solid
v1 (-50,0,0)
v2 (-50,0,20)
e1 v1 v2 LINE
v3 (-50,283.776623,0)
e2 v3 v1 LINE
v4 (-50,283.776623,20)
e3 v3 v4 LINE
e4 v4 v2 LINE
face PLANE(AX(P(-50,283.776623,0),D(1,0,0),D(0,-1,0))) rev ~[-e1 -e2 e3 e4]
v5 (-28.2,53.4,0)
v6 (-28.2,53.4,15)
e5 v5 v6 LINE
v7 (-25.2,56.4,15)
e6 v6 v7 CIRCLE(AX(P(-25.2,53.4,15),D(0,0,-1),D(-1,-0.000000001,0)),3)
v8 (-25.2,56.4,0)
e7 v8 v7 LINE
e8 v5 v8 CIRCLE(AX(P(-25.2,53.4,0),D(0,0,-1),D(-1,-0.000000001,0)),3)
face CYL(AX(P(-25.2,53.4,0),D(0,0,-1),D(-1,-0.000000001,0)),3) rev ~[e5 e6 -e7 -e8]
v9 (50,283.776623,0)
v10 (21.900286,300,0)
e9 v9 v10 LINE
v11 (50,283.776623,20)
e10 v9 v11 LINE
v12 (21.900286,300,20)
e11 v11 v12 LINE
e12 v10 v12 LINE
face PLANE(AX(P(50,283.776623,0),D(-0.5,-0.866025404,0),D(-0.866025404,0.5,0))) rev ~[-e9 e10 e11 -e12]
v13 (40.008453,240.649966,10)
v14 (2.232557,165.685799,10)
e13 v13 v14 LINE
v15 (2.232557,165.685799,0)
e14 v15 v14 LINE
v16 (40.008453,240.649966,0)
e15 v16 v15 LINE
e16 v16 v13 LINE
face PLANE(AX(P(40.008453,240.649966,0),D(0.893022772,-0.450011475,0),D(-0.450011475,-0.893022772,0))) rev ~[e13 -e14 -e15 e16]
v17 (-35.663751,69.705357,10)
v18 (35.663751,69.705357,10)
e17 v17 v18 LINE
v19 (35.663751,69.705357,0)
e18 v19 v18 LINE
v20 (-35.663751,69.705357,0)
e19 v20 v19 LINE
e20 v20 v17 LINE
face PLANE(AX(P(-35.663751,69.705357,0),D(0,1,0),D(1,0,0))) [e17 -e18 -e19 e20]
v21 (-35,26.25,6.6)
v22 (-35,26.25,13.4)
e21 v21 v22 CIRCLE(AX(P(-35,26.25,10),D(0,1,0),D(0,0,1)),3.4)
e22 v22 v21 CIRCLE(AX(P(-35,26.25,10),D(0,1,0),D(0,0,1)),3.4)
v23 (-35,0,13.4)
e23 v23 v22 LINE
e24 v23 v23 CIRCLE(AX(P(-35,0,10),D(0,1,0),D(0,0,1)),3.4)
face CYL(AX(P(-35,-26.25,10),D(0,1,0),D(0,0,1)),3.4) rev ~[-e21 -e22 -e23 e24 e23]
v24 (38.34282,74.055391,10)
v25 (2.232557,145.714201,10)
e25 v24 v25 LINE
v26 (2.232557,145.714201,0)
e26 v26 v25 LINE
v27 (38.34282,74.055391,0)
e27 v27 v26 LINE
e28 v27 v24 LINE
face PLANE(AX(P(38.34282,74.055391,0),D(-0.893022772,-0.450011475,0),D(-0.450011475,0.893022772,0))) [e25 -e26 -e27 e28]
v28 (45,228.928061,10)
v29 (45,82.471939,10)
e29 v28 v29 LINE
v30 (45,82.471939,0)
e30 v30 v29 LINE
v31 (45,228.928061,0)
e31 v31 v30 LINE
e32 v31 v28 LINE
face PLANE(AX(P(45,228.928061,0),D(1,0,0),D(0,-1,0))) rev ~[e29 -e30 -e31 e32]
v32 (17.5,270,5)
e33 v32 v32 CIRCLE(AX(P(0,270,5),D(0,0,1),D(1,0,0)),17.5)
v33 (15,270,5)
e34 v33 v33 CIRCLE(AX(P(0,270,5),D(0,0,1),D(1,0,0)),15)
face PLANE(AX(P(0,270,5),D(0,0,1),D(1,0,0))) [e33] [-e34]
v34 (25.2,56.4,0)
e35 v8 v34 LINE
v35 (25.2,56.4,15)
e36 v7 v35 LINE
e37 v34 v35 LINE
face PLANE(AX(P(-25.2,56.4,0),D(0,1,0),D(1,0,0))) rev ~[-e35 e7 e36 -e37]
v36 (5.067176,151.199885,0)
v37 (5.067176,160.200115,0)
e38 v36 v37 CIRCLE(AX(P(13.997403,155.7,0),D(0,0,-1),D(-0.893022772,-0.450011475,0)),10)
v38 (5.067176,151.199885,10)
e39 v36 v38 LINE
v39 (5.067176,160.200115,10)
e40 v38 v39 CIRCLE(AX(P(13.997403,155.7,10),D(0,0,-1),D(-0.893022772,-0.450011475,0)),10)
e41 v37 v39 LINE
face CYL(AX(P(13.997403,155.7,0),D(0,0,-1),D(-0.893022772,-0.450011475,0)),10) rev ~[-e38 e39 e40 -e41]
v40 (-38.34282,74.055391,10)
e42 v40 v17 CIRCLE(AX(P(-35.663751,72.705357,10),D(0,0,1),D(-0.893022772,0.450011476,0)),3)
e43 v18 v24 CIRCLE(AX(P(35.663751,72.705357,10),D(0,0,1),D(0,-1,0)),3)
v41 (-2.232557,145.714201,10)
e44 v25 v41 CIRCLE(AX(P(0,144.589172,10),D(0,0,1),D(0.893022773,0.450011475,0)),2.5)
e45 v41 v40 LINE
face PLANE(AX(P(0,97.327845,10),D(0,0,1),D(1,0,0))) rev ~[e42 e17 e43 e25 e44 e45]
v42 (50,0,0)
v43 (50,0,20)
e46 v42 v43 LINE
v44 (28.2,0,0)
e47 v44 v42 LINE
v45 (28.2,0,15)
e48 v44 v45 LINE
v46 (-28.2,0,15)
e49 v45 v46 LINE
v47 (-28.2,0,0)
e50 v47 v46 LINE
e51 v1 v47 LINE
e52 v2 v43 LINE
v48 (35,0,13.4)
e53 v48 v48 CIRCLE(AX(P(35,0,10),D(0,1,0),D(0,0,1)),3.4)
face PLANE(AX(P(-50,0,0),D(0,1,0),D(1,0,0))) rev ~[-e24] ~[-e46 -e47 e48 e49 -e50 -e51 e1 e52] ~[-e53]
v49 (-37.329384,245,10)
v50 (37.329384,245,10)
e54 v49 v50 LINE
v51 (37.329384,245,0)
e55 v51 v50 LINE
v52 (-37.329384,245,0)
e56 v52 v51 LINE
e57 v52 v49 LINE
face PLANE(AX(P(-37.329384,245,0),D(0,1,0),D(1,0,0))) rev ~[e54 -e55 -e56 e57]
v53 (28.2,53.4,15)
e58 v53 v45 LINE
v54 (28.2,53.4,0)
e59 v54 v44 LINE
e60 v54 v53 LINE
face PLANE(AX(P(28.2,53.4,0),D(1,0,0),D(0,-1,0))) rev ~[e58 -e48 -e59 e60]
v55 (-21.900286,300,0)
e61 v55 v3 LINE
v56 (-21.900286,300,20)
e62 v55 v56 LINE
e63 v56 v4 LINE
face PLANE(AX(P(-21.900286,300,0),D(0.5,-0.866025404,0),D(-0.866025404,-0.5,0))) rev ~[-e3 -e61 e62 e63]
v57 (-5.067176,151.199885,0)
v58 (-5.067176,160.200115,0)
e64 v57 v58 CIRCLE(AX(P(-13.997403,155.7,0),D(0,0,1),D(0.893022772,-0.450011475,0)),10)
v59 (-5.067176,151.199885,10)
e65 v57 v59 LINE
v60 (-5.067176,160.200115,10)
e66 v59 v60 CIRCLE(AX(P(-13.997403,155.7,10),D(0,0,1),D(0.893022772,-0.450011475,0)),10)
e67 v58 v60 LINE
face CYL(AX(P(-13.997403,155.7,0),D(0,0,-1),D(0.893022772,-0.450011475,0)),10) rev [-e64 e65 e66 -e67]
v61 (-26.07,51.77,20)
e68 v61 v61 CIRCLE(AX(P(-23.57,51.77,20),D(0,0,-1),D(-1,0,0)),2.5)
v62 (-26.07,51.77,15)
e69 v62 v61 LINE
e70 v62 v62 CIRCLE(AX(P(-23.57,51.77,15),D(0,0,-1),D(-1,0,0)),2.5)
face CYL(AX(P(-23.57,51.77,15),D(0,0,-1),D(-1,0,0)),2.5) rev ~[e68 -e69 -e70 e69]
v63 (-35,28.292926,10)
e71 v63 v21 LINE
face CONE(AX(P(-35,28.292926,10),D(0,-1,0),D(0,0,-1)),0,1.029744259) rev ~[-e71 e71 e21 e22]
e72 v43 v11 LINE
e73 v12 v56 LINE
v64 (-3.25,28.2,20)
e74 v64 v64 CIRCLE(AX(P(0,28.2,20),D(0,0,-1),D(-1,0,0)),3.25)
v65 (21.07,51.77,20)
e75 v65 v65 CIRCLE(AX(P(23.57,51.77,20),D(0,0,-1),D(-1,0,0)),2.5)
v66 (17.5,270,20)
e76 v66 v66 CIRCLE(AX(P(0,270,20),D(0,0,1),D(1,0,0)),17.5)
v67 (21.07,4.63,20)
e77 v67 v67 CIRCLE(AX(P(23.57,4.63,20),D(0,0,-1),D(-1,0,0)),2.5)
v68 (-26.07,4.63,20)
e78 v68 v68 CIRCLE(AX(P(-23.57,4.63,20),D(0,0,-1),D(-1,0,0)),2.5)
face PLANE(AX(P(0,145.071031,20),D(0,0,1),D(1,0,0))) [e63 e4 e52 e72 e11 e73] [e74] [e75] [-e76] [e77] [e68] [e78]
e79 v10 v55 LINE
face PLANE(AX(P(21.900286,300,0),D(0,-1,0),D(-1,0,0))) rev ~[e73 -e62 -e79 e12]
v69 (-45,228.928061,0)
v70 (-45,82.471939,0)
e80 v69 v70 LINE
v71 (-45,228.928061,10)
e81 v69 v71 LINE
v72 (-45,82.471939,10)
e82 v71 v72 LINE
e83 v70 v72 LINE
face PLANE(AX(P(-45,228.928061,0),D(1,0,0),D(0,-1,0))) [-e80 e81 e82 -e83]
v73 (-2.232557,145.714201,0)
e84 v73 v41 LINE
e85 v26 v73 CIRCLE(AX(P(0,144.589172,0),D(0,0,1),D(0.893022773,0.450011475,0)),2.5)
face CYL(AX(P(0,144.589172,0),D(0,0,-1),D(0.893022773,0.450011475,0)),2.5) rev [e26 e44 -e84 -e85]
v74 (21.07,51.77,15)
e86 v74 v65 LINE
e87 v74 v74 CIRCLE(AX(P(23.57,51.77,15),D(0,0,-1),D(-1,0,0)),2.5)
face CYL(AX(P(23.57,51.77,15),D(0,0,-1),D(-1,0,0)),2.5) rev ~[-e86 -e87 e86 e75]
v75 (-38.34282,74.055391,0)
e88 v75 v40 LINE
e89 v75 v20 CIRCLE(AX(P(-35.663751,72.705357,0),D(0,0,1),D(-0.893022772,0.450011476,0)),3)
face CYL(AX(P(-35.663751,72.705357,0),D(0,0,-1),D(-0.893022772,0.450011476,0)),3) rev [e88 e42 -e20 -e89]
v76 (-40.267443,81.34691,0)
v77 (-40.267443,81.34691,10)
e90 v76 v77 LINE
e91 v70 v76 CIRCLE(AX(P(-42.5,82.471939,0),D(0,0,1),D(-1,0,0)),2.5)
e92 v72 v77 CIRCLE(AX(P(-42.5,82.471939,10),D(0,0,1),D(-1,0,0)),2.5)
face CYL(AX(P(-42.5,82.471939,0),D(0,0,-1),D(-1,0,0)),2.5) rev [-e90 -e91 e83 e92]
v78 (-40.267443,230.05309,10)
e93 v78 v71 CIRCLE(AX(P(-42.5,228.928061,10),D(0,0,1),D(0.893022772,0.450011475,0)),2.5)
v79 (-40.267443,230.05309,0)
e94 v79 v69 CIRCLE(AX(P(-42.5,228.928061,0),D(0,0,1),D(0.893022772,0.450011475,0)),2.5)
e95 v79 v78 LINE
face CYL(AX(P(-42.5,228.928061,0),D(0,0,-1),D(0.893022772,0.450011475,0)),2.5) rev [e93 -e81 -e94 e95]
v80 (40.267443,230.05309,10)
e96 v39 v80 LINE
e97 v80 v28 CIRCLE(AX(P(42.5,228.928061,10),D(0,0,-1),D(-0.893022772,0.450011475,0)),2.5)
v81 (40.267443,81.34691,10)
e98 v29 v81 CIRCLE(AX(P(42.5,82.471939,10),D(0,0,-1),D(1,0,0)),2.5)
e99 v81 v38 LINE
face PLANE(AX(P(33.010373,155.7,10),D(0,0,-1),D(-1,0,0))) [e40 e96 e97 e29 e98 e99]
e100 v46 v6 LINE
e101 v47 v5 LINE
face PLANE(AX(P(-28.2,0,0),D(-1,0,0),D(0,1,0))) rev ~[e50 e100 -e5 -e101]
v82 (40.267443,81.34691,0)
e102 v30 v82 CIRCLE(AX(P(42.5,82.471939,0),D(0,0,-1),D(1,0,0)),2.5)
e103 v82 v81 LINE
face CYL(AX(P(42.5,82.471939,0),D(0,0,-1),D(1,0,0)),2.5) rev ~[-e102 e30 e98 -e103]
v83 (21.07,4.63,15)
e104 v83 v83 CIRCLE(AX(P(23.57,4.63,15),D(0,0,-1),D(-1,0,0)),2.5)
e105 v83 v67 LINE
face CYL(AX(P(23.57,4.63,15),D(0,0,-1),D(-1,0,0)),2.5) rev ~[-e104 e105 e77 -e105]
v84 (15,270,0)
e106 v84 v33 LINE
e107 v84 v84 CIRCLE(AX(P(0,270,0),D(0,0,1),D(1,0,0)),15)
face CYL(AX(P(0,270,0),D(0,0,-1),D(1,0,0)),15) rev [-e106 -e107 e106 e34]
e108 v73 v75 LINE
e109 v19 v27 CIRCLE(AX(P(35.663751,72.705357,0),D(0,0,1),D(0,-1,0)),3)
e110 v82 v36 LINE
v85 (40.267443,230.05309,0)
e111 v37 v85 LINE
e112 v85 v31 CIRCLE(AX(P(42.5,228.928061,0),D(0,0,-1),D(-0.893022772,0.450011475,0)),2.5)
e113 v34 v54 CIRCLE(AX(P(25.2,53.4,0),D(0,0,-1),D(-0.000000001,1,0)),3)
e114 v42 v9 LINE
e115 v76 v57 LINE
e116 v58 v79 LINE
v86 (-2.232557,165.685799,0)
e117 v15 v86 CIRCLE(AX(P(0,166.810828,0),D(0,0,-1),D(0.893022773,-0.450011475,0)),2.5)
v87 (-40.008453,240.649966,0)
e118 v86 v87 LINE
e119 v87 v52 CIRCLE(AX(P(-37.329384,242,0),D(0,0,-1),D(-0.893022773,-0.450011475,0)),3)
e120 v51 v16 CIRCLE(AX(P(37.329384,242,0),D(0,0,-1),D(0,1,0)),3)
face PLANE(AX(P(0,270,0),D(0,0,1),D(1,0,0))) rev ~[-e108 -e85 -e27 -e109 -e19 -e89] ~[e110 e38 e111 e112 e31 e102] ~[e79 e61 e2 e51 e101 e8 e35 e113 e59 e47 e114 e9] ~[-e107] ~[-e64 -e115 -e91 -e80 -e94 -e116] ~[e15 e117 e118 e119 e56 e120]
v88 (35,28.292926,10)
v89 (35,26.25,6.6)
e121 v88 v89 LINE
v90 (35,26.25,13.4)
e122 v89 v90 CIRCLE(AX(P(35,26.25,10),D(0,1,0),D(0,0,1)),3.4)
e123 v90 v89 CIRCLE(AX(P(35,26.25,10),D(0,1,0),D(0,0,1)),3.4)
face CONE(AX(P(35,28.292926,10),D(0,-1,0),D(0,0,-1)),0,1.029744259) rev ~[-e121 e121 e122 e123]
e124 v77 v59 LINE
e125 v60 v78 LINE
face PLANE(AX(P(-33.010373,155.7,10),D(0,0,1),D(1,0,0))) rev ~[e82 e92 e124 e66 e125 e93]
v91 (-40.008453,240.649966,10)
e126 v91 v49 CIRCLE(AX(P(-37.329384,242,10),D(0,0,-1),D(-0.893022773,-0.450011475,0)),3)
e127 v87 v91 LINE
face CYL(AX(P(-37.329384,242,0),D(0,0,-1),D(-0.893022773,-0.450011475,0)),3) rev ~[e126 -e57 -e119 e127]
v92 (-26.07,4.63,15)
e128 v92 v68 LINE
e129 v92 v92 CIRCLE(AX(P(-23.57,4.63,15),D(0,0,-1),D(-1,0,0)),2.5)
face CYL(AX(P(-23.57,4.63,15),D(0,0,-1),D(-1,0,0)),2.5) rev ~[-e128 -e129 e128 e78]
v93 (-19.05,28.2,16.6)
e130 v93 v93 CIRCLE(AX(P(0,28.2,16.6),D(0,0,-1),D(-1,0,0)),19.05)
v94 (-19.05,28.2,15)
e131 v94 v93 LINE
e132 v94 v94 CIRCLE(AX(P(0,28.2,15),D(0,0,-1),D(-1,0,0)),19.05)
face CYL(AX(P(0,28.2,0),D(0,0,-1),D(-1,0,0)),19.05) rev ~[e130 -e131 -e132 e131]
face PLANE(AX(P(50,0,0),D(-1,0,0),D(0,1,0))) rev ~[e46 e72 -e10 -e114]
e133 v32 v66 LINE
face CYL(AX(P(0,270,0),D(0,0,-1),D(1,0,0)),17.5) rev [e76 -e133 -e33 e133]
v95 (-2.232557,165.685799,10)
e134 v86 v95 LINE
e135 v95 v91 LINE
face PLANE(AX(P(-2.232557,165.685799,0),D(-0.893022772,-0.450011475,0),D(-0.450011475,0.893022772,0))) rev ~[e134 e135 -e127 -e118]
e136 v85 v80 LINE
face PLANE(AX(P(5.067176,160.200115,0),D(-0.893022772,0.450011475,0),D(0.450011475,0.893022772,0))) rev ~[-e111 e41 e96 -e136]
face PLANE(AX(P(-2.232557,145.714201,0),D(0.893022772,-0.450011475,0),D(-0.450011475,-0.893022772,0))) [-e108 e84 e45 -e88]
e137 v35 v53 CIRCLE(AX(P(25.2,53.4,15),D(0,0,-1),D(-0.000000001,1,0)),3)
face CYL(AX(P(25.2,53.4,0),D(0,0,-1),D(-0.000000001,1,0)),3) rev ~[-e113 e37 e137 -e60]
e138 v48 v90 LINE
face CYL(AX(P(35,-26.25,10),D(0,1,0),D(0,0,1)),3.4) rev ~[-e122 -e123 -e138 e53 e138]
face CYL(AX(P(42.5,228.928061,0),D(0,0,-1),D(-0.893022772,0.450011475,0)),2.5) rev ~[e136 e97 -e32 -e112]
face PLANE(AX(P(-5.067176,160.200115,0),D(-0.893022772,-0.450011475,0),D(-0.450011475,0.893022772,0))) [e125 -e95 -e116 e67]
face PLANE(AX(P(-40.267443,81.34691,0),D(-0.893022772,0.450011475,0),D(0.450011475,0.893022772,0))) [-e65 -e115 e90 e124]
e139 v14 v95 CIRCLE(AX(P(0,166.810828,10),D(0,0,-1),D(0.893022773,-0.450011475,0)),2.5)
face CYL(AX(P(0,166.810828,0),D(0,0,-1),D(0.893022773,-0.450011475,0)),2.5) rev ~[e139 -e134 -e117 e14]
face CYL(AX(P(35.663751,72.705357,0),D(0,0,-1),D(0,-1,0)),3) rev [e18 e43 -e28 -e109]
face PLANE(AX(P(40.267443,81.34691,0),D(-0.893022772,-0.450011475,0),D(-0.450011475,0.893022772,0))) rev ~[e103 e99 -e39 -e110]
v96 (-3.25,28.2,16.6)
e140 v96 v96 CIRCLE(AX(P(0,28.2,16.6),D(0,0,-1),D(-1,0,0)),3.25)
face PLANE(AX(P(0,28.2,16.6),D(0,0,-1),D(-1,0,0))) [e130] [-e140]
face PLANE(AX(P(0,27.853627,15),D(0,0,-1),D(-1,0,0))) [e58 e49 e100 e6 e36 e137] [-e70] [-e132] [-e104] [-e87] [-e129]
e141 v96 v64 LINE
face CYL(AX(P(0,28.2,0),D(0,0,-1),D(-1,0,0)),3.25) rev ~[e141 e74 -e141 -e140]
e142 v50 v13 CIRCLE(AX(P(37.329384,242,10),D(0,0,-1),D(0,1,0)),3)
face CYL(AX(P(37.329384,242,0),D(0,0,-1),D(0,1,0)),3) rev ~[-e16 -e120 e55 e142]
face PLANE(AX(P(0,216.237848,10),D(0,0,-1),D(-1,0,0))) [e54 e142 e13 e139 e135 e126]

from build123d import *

# Parameters (mm, degrees)
SZKIC1_R                    = 17.5
DODANIE_WYCI_GNI_CIE1_DEPTH = 20
SZKIC1_3_R                  = 17.5
SZKIC1_3_R_2                = 15
DODANIE_WYCI_GNI_CIE2_DEPTH = 5
OTW_R_GWINTOWANY_M81_D      = 6.8
OTW_R_GWINTOWANY_M81_DEPTH  = 26.25
OTW_R_GWINTOWANY_M81_TIP    = 2.042926105
SZKIC4_R                    = 3.25
WYTNIJ_WYCI_GNI_CIE2_DEPTH  = 15
SZKIC4_4_R                  = 19.05
SZKIC4_4_R_2                = 3.25
WYTNIJ_WYCI_GNI_CIE3_DEPTH  = 16.6
SZKIC4_5_R                  = 3.25
WYTNIJ_WYCI_GNI_CIE4_DEPTH  = 49.6
SZKIC5_R                    = 2.5
WYTNIJ_WYCI_GNI_CIE5_DEPTH  = 7.6
WYTNIJ_WYCI_GNI_CIE6_DEPTH  = 10


with BuildPart() as part:
    # Szkic1 → Dodanie-wyciągnięcie1 (new body)
    with BuildSketch(Plane.XY):
        Polygon((-50, 0), (50, 0), (50, 283.776622614), (21.900286098, 300), (-21.900286098, 300), (-50, 283.776622614), align=None)
        with Locations((0, 270)):
            Circle(SZKIC1_R, mode=Mode.SUBTRACT)
    extrude(amount=DODANIE_WYCI_GNI_CIE1_DEPTH)

    # Szkic1<3> → Dodanie-wyciągnięcie2 (add)
    with BuildSketch(Plane.XY):
        with Locations((0, 270)):
            Circle(SZKIC1_3_R)
        with Locations((0, 270)):
            Circle(SZKIC1_3_R_2, mode=Mode.SUBTRACT)
    extrude(amount=DODANIE_WYCI_GNI_CIE2_DEPTH)

    # Otwór gwintowany M81
    with Locations(Plane(origin=(-35, 0, 10), x_dir=(0, 0, -1), z_dir=(0, -1, 0))):
        with Locations((0, 0), (0, 70)):
            Hole(OTW_R_GWINTOWANY_M81_D / 2, depth=OTW_R_GWINTOWANY_M81_DEPTH)
            with Locations((0, 0, -(OTW_R_GWINTOWANY_M81_DEPTH + OTW_R_GWINTOWANY_M81_TIP / 2))):  # 118° drill point
                Cone(0, OTW_R_GWINTOWANY_M81_D / 2, OTW_R_GWINTOWANY_M81_TIP, mode=Mode.SUBTRACT)

    # Szkic4 → Wytnij-wyciągnięcie2 (cut)
    with BuildSketch(Plane(origin=(0, 0, 0), x_dir=(-1, 0, 0), z_dir=(0, 0, -1))):
        with BuildLine():
            Line((-28.2, 53.4), (-28.2, 0))
            Line((-28.2, 0), (28.2, 0))
            Line((28.2, 0), (28.2, 53.4))
            ThreePointArc((28.2, 53.4), (27.321320344, 55.521320344), (25.2, 56.4))
            Line((25.2, 56.4), (-25.2, 56.4))
            ThreePointArc((-25.2, 56.4), (-27.321320344, 55.521320344), (-28.2, 53.4))
        make_face()
        with Locations((0, 28.2)):
            Circle(SZKIC4_R, mode=Mode.SUBTRACT)
    extrude(amount=-WYTNIJ_WYCI_GNI_CIE2_DEPTH, mode=Mode.SUBTRACT)

    # Szkic4<4> → Wytnij-wyciągnięcie3 (cut)
    with BuildSketch(Plane(origin=(0, 0, 0), x_dir=(-1, 0, 0), z_dir=(0, 0, -1))):
        with Locations((0, 28.2)):
            Circle(SZKIC4_4_R)
        with Locations((0, 28.2)):
            Circle(SZKIC4_4_R_2, mode=Mode.SUBTRACT)
    extrude(amount=-WYTNIJ_WYCI_GNI_CIE3_DEPTH, mode=Mode.SUBTRACT)

    # Szkic4<5> → Wytnij-wyciągnięcie4 (cut)
    with BuildSketch(Plane(origin=(0, 0, 0), x_dir=(-1, 0, 0), z_dir=(0, 0, -1))):
        with Locations((0, 28.2)):
            Circle(SZKIC4_5_R)
    extrude(amount=-WYTNIJ_WYCI_GNI_CIE4_DEPTH, mode=Mode.SUBTRACT)

    # Szkic5 → Wytnij-wyciągnięcie5 (cut)
    with BuildSketch(Plane(origin=(0, 0, 15), x_dir=(-1, 0, 0), z_dir=(0, 0, -1))):
        with Locations((-23.57, 51.77)):
            Circle(SZKIC5_R)
        with Locations((23.57, 51.77)):
            Circle(SZKIC5_R)
        with Locations((23.57, 4.63)):
            Circle(SZKIC5_R)
        with Locations((-23.57, 4.63)):
            Circle(SZKIC5_R)
    extrude(amount=-WYTNIJ_WYCI_GNI_CIE5_DEPTH, mode=Mode.SUBTRACT)

    # Szkic6 → Wytnij-wyciągnięcie6 (cut)
    with BuildSketch(Plane(origin=(0, 0, 0), x_dir=(-1, 0, 0), z_dir=(0, 0, -1))):
        with BuildLine():
            Line((-45, 228.928061115), (-45, 82.471938885))
            ThreePointArc((-45, 82.471938885), (-43.078190139, 80.039718467), (-40.267443069, 81.346910197))
            Line((-40.267443069, 81.346910197), (-5.067175687, 151.199885246))
            ThreePointArc((-5.067175687, 151.199885246), (-3.997403411, 155.7), (-5.067175687, 160.200114754))
            Line((-5.067175687, 160.200114754), (-40.267443069, 230.053089803))
            ThreePointArc((-40.267443069, 230.053089803), (-43.078190139, 231.360281533), (-45, 228.928061115))
        make_face()
        with BuildLine():
            Line((2.232556931, 145.714200914), (38.342819518, 74.055390936))
            ThreePointArc((38.342819518, 74.055390936), (38.218169264, 71.13215965), (35.663751201, 69.70535651))
            Line((35.663751201, 69.70535651), (-35.663751201, 69.70535651))
            ThreePointArc((-35.663751201, 69.70535651), (-38.218169264, 71.13215965), (-38.342819518, 74.055390936))
            Line((-38.342819518, 74.055390936), (-2.232556931, 145.714200914))
            ThreePointArc((-2.232556931, 145.714200914), (0, 147.089172226), (2.232556931, 145.714200914))
        make_face()
        with BuildLine():
            Line((45, 228.928061115), (45, 82.471938885))
            ThreePointArc((45, 82.471938885), (43.078190139, 80.039718467), (40.267443069, 81.346910197))
            Line((40.267443069, 81.346910197), (5.067175687, 151.199885246))
            ThreePointArc((5.067175687, 151.199885246), (3.997403411, 155.7), (5.067175687, 160.200114754))
            Line((5.067175687, 160.200114754), (40.267443069, 230.053089803))
            ThreePointArc((40.267443069, 230.053089803), (43.078190139, 231.360281533), (45, 228.928061115))
        make_face()
        with BuildLine():
            Line((-40.008452698, 240.649965574), (-2.232556931, 165.685799086))
            ThreePointArc((-2.232556931, 165.685799086), (0, 164.310827774), (2.232556931, 165.685799086))
            Line((2.232556931, 165.685799086), (40.008452698, 240.649965574))
            ThreePointArc((40.008452698, 240.649965574), (39.883802443, 243.57319686), (37.329384381, 245))
            Line((37.329384381, 245), (-37.32938438, 245))
            ThreePointArc((-37.32938438, 245), (-39.883802443, 243.57319686), (-40.008452698, 240.649965574))
        make_face()
    extrude(amount=-WYTNIJ_WYCI_GNI_CIE6_DEPTH, mode=Mode.SUBTRACT)


solid = part.part
